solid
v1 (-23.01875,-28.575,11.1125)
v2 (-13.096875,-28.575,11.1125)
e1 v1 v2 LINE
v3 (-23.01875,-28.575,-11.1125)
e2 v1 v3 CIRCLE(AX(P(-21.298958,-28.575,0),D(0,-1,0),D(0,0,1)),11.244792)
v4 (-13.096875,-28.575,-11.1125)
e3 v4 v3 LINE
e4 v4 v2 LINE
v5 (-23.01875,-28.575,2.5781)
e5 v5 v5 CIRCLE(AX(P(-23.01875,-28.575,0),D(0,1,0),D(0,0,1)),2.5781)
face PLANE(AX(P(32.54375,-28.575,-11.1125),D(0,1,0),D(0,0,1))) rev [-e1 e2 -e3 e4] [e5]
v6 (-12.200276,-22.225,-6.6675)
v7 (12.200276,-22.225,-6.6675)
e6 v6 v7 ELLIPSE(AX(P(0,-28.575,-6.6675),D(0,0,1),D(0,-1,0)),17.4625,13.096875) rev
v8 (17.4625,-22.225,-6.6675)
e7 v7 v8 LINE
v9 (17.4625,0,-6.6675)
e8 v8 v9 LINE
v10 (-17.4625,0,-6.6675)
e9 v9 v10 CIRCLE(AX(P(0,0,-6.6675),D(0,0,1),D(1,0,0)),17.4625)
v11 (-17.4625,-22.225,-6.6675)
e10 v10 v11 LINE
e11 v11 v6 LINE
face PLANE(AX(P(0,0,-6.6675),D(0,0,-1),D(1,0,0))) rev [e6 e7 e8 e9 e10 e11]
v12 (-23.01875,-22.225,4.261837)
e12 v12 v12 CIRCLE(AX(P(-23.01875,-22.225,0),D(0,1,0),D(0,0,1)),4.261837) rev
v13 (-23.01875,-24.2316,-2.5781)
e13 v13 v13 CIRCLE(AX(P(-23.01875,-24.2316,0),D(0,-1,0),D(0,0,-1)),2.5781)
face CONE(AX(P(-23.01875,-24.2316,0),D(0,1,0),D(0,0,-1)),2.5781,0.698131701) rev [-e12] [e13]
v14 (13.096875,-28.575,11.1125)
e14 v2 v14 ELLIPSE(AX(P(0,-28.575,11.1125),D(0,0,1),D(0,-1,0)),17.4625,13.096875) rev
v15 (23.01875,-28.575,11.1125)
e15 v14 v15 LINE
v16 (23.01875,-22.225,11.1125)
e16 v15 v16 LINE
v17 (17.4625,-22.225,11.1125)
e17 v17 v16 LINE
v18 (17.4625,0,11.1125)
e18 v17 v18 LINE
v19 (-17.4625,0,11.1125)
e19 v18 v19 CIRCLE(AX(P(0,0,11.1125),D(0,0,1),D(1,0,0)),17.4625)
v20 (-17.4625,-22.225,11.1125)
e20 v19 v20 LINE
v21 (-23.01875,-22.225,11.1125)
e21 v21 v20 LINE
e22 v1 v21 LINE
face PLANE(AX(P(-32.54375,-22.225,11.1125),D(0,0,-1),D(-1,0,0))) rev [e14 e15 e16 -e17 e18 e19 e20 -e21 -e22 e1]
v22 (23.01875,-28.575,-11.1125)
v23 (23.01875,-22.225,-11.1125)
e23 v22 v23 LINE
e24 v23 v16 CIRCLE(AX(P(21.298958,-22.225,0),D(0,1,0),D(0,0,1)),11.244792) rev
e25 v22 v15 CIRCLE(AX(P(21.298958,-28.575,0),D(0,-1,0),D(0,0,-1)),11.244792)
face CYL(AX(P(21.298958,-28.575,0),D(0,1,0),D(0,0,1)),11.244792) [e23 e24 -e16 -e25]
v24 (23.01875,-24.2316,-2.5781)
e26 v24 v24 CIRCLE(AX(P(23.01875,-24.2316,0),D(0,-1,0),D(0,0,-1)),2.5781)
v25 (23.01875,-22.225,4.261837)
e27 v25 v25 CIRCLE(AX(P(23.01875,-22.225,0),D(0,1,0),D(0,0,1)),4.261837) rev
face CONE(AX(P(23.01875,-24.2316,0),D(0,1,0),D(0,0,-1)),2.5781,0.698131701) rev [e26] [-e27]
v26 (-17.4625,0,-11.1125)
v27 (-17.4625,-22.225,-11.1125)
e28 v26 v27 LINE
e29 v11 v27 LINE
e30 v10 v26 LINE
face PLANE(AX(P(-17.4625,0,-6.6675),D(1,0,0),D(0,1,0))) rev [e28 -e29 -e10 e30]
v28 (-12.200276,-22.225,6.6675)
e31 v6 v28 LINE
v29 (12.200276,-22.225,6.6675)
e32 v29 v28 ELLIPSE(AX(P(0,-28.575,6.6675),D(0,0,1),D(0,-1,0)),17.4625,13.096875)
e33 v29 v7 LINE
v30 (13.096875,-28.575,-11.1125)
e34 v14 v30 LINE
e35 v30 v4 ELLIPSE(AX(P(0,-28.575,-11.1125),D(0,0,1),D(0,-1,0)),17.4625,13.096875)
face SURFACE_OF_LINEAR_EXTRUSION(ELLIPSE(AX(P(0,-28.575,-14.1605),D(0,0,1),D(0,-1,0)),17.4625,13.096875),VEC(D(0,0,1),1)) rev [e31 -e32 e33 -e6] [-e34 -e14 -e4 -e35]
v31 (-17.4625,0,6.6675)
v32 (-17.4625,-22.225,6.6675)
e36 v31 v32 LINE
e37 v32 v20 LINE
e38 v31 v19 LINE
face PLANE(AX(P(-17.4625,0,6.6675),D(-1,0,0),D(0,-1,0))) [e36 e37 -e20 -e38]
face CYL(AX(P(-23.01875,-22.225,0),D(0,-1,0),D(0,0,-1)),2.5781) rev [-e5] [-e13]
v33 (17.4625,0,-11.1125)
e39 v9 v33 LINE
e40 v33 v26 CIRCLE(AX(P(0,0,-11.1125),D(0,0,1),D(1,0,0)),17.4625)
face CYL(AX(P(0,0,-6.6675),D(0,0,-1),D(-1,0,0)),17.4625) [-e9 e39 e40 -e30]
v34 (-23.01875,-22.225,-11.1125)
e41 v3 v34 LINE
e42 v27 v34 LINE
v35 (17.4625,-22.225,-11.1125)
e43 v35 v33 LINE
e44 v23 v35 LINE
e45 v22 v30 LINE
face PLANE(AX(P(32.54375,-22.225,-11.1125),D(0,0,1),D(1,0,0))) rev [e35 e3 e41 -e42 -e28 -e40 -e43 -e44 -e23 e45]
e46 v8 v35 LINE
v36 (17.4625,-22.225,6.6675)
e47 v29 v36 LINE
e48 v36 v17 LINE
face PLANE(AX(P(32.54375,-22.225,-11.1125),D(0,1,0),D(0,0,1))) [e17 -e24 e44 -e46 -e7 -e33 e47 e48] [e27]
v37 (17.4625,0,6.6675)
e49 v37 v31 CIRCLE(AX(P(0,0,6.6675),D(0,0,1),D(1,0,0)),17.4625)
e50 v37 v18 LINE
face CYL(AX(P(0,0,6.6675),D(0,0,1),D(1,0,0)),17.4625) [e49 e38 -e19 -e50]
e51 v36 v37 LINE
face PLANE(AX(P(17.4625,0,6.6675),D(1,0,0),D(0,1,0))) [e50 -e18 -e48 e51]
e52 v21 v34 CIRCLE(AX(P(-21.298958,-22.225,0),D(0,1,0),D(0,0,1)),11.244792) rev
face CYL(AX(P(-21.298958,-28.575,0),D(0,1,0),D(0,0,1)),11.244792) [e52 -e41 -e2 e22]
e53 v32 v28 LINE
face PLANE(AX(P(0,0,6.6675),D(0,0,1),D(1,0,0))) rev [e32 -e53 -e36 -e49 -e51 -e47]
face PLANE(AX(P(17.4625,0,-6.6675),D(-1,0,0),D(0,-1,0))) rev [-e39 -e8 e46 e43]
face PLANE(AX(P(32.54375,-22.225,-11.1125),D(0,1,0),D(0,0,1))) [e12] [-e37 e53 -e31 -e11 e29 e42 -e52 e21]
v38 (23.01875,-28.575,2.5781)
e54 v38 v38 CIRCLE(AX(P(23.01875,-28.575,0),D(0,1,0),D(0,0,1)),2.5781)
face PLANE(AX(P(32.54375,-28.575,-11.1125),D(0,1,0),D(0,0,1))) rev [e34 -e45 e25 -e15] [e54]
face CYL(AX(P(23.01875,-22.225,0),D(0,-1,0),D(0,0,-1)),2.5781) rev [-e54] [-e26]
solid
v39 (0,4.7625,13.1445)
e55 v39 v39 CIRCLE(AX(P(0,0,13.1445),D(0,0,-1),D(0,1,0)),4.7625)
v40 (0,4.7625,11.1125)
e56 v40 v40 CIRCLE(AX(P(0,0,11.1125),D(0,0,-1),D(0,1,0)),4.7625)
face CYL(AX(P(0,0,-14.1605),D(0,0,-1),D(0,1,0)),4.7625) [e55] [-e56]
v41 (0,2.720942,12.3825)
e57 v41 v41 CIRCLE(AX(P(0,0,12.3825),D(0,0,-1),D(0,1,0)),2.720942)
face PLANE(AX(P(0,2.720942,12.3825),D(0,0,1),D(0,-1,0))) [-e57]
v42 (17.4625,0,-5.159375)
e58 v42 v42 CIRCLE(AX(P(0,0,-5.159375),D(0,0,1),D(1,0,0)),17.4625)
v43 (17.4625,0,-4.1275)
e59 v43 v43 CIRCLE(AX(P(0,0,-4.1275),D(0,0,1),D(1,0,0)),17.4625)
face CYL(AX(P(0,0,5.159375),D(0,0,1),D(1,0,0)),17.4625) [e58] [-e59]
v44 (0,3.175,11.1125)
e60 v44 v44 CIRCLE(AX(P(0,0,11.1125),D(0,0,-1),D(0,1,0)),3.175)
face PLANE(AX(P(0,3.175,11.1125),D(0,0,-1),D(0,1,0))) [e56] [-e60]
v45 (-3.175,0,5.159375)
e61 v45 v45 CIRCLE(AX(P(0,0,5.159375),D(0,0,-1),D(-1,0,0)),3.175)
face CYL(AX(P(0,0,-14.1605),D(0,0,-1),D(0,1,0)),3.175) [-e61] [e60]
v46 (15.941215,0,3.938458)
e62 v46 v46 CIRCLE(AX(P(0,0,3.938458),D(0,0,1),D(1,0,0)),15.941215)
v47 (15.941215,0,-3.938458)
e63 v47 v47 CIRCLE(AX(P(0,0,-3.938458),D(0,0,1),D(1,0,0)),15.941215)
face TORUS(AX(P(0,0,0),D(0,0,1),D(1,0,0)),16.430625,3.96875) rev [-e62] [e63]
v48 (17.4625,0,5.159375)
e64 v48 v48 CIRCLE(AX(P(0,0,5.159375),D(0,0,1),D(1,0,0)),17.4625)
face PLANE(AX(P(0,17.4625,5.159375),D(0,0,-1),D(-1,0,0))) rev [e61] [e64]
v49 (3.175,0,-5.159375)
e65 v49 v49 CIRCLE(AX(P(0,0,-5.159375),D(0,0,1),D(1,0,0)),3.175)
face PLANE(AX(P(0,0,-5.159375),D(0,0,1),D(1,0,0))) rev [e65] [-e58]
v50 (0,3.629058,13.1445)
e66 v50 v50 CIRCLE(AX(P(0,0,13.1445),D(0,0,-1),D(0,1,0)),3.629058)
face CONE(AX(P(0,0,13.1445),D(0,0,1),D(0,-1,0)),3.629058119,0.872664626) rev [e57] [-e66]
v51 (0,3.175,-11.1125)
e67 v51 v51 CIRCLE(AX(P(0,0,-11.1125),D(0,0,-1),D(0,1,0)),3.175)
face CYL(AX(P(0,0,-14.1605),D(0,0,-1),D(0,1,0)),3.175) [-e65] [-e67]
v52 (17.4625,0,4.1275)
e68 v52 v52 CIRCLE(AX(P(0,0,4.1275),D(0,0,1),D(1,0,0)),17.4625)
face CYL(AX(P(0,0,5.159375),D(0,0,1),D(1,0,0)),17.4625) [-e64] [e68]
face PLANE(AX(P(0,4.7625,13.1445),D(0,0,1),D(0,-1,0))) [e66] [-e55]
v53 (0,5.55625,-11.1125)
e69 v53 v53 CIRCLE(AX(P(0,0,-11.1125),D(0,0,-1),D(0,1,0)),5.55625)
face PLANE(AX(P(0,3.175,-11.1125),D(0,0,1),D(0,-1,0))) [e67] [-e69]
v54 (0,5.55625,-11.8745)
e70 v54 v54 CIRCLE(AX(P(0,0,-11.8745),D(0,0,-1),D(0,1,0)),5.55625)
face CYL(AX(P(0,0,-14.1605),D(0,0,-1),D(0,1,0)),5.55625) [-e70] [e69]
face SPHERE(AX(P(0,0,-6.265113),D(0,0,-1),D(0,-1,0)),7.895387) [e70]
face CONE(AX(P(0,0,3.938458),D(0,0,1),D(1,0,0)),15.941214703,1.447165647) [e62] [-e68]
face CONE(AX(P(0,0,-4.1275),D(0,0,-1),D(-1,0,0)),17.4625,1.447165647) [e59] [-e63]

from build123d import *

# Parameters (mm, degrees)
SKETCH4_W                    = 65.0875
SKETCH4_H                    = 22.225
SKETCH4_R                    = 2.5781
BOSS_EXTRUDE1_DEPTH          = 6.35
SKETCH8_R                    = 2.5781
CUT_EXTRUDE2_DEPTH           = 2.0066
CUT_EXTRUDE2_DRAFT           = 40
CUT_EXTRUDE2_PROFILE_2_DEPTH = 2.0066
CUT_EXTRUDE2_PROFILE_2_DRAFT = 40
BOSS_EXTRUDE2_DEPTH          = 4.445
CUT_EXTRUDE1_DEPTH           = 46.564745685
CUT_EXTRUDE3_DEPTH           = 46.564745685
CUT_EXTRUDE3_DEPTH_BACK      = 46.564745685
SKETCH10_RX                  = 17.4625
SKETCH10_RY                  = 13.096875


with BuildPart() as part:
    # Sketch3 → Revolve1 (revolve)
    with BuildSketch(Plane(origin=(0, 0, 0), x_dir=(0, 0, -1), z_dir=(1, 0, 0)), mode=Mode.PRIVATE) as revolve1_sk:
        with BuildLine():
            Line((-5.159375, 17.4625), (-5.159375, 0))
            Line((-5.159375, 0), (5.159375, 0))
            Line((5.159375, 0), (5.159375, 17.4625))
            Line((5.159375, 17.4625), (4.1275, 17.4625))
            Line((4.1275, 17.4625), (3.938458344, 15.941214703))
            ThreePointArc((3.938458344, 15.941214703), (0, 12.461875), (-3.938458344, 15.941214703))
            Line((-3.938458344, 15.941214703), (-4.1275, 17.4625))
            Line((-4.1275, 17.4625), (-5.159375, 17.4625))
        make_face()
    revolve(revolve1_sk.sketch.rotate(Axis((0, 0, 5.159375), (0, 0, -1)), 90), axis=Axis((0, 0, 5.159375), (0, 0, -1)))

    # Sketch6 → Revolve2 (revolve)
    with BuildSketch(Plane(origin=(0, 0, 0), x_dir=(0, 0, -1), z_dir=(1, 0, 0))):
        with BuildLine():
            Line((-11.1125, 3.175), (11.1125, 3.175))
            Line((11.1125, 3.175), (11.1125, 5.55625))
            Line((11.1125, 5.55625), (11.8745, 5.55625))
            ThreePointArc((11.8745, 5.55625), (13.566668214, 3.004068494), (14.1605, 0))
            Line((14.1605, 0), (-12.3825, 0))
            Line((-12.3825, 0), (-12.3825, 2.720941881))
            Line((-12.3825, 2.720941881), (-13.1445, 3.629058119))
            Line((-13.1445, 3.629058119), (-13.1445, 4.7625))
            Line((-13.1445, 4.7625), (-11.1125, 4.7625))
            Line((-11.1125, 4.7625), (-11.1125, 3.175))
        make_face()
    revolve(axis=Axis((0, 0, -14.1605), (0, 0, 1)))


with BuildPart() as body_2:
    # Sketch4 → Boss-Extrude1 (new body)
    with BuildSketch(Plane(origin=(0, -28.575, 0), x_dir=(-1, 0, 0), z_dir=(0, 1, 0))):
        Rectangle(SKETCH4_W, SKETCH4_H)
        with Locations(Location((23.01875, 0, 0), (0, 0, 90))):
            Circle(SKETCH4_R, mode=Mode.SUBTRACT)
        with Locations(Location((-23.01875, 0, 0), (0, 0, 90))):
            Circle(SKETCH4_R, mode=Mode.SUBTRACT)
    extrude(amount=BOSS_EXTRUDE1_DEPTH)


with BuildPart() as cut_extrude2_tool:
    # Sketch8 → Cut-Extrude2 (with draft: the straight prism first)
    with BuildSketch(Plane.XZ.offset(24.2316)):
        with Locations(Location((23.01875, 0, 0), (0, 0, 270))):
            Circle(SKETCH8_R)
    extrude(amount=-CUT_EXTRUDE2_DEPTH)
    # Cut-Extrude2: the draft: its side faces are tilted about the plane it starts from
    cut_extrude2_sides = [cut_extrude2_tool.faces().sort_by_distance(p)[0] for p in [
        (23.01875, -23.2283, 2.5781),
    ]]
    draft(cut_extrude2_sides, Plane.XZ.offset(24.2316), CUT_EXTRUDE2_DRAFT)


with BuildPart() as body_2_1:
    add(body_2.part)

    # Cut-Extrude2: cut by cut_extrude2_tool
    add(cut_extrude2_tool.part, mode=Mode.SUBTRACT)


with BuildPart() as cut_extrude2_profile_2_tool:
    # Sketch8 → Cut-Extrude2 profile 2 (with draft: the straight prism first)
    with BuildSketch(Plane.XZ.offset(24.2316)):
        with Locations(Location((-23.01875, 0, 0), (0, 0, 270))):
            Circle(SKETCH8_R)
    extrude(amount=-CUT_EXTRUDE2_PROFILE_2_DEPTH)
    # Cut-Extrude2 profile 2: the draft: its side faces are tilted about the plane it starts from
    cut_extrude2_profile_2_sides = [cut_extrude2_profile_2_tool.faces().sort_by_distance(p)[0] for p in [
        (-23.01875, -23.2283, 2.5781),
    ]]
    draft(cut_extrude2_profile_2_sides, Plane.XZ.offset(24.2316), CUT_EXTRUDE2_PROFILE_2_DRAFT)


with BuildPart() as body_2_2:
    add(body_2_1.part)

    # Cut-Extrude2 profile 2: cut by cut_extrude2_profile_2_tool
    add(cut_extrude2_profile_2_tool.part, mode=Mode.SUBTRACT)

    # Sketch5 → Boss-Extrude2 (add)
    with BuildSketch(Plane.XY.offset(11.1125)):
        with BuildLine():
            Line((-17.4625, 0), (-17.4625, -22.225))
            Line((-17.4625, -22.225), (17.4625, -22.225))
            Line((17.4625, -22.225), (17.4625, 0))
            ThreePointArc((17.4625, 0), (0, 17.4625), (-17.4625, 0))
        make_face()
    boss_extrude2 = extrude(amount=-BOSS_EXTRUDE2_DEPTH)

    # Mirror1: Boss-Extrude2 across plane
    add(boss_extrude2.mirror(Plane.XY))

    # Sketch7 → Cut-Extrude1 (cut, through all)
    with BuildSketch(Plane(origin=(0, 0, 0), x_dir=(1, 0, 0), z_dir=(0, 1, 0))):
        with BuildLine():
            Line((-23.01875, 11.1125), (-23.01875, 11.7475))
            Line((-23.01875, 11.7475), (-33.17875, 11.7475))
            Line((-33.17875, 11.7475), (-33.17875, -11.7475))
            Line((-33.17875, -11.7475), (-23.01875, -11.7475))
            Line((-23.01875, -11.7475), (-23.01875, -11.1125))
            ThreePointArc((-23.01875, -11.1125), (-32.54375, 0), (-23.01875, 11.1125))
        make_face()
        with BuildLine():
            Line((23.01875, -11.7475), (33.17875, -11.7475))
            Line((33.17875, -11.7475), (33.17875, 11.7475))
            Line((33.17875, 11.7475), (23.01875, 11.7475))
            Line((23.01875, 11.7475), (23.01875, 11.1125))
            ThreePointArc((23.01875, 11.1125), (32.54375, 0), (23.01875, -11.1125))
            Line((23.01875, -11.1125), (23.01875, -11.7475))
        make_face()
    extrude(amount=-CUT_EXTRUDE1_DEPTH, mode=Mode.SUBTRACT)

    # Sketch10 → Cut-Extrude3 (cut, two sides: drawn at the far end of the back side and taken through both)
    with BuildSketch(Plane.XY.offset(-CUT_EXTRUDE3_DEPTH_BACK)):
        with Locations(Location((0, -28.575), (0, 0, -90))):
            Ellipse(SKETCH10_RX, SKETCH10_RY)
    extrude(amount=CUT_EXTRUDE3_DEPTH + CUT_EXTRUDE3_DEPTH_BACK, mode=Mode.SUBTRACT)


solid = Compound([part.part, body_2_2.part])
